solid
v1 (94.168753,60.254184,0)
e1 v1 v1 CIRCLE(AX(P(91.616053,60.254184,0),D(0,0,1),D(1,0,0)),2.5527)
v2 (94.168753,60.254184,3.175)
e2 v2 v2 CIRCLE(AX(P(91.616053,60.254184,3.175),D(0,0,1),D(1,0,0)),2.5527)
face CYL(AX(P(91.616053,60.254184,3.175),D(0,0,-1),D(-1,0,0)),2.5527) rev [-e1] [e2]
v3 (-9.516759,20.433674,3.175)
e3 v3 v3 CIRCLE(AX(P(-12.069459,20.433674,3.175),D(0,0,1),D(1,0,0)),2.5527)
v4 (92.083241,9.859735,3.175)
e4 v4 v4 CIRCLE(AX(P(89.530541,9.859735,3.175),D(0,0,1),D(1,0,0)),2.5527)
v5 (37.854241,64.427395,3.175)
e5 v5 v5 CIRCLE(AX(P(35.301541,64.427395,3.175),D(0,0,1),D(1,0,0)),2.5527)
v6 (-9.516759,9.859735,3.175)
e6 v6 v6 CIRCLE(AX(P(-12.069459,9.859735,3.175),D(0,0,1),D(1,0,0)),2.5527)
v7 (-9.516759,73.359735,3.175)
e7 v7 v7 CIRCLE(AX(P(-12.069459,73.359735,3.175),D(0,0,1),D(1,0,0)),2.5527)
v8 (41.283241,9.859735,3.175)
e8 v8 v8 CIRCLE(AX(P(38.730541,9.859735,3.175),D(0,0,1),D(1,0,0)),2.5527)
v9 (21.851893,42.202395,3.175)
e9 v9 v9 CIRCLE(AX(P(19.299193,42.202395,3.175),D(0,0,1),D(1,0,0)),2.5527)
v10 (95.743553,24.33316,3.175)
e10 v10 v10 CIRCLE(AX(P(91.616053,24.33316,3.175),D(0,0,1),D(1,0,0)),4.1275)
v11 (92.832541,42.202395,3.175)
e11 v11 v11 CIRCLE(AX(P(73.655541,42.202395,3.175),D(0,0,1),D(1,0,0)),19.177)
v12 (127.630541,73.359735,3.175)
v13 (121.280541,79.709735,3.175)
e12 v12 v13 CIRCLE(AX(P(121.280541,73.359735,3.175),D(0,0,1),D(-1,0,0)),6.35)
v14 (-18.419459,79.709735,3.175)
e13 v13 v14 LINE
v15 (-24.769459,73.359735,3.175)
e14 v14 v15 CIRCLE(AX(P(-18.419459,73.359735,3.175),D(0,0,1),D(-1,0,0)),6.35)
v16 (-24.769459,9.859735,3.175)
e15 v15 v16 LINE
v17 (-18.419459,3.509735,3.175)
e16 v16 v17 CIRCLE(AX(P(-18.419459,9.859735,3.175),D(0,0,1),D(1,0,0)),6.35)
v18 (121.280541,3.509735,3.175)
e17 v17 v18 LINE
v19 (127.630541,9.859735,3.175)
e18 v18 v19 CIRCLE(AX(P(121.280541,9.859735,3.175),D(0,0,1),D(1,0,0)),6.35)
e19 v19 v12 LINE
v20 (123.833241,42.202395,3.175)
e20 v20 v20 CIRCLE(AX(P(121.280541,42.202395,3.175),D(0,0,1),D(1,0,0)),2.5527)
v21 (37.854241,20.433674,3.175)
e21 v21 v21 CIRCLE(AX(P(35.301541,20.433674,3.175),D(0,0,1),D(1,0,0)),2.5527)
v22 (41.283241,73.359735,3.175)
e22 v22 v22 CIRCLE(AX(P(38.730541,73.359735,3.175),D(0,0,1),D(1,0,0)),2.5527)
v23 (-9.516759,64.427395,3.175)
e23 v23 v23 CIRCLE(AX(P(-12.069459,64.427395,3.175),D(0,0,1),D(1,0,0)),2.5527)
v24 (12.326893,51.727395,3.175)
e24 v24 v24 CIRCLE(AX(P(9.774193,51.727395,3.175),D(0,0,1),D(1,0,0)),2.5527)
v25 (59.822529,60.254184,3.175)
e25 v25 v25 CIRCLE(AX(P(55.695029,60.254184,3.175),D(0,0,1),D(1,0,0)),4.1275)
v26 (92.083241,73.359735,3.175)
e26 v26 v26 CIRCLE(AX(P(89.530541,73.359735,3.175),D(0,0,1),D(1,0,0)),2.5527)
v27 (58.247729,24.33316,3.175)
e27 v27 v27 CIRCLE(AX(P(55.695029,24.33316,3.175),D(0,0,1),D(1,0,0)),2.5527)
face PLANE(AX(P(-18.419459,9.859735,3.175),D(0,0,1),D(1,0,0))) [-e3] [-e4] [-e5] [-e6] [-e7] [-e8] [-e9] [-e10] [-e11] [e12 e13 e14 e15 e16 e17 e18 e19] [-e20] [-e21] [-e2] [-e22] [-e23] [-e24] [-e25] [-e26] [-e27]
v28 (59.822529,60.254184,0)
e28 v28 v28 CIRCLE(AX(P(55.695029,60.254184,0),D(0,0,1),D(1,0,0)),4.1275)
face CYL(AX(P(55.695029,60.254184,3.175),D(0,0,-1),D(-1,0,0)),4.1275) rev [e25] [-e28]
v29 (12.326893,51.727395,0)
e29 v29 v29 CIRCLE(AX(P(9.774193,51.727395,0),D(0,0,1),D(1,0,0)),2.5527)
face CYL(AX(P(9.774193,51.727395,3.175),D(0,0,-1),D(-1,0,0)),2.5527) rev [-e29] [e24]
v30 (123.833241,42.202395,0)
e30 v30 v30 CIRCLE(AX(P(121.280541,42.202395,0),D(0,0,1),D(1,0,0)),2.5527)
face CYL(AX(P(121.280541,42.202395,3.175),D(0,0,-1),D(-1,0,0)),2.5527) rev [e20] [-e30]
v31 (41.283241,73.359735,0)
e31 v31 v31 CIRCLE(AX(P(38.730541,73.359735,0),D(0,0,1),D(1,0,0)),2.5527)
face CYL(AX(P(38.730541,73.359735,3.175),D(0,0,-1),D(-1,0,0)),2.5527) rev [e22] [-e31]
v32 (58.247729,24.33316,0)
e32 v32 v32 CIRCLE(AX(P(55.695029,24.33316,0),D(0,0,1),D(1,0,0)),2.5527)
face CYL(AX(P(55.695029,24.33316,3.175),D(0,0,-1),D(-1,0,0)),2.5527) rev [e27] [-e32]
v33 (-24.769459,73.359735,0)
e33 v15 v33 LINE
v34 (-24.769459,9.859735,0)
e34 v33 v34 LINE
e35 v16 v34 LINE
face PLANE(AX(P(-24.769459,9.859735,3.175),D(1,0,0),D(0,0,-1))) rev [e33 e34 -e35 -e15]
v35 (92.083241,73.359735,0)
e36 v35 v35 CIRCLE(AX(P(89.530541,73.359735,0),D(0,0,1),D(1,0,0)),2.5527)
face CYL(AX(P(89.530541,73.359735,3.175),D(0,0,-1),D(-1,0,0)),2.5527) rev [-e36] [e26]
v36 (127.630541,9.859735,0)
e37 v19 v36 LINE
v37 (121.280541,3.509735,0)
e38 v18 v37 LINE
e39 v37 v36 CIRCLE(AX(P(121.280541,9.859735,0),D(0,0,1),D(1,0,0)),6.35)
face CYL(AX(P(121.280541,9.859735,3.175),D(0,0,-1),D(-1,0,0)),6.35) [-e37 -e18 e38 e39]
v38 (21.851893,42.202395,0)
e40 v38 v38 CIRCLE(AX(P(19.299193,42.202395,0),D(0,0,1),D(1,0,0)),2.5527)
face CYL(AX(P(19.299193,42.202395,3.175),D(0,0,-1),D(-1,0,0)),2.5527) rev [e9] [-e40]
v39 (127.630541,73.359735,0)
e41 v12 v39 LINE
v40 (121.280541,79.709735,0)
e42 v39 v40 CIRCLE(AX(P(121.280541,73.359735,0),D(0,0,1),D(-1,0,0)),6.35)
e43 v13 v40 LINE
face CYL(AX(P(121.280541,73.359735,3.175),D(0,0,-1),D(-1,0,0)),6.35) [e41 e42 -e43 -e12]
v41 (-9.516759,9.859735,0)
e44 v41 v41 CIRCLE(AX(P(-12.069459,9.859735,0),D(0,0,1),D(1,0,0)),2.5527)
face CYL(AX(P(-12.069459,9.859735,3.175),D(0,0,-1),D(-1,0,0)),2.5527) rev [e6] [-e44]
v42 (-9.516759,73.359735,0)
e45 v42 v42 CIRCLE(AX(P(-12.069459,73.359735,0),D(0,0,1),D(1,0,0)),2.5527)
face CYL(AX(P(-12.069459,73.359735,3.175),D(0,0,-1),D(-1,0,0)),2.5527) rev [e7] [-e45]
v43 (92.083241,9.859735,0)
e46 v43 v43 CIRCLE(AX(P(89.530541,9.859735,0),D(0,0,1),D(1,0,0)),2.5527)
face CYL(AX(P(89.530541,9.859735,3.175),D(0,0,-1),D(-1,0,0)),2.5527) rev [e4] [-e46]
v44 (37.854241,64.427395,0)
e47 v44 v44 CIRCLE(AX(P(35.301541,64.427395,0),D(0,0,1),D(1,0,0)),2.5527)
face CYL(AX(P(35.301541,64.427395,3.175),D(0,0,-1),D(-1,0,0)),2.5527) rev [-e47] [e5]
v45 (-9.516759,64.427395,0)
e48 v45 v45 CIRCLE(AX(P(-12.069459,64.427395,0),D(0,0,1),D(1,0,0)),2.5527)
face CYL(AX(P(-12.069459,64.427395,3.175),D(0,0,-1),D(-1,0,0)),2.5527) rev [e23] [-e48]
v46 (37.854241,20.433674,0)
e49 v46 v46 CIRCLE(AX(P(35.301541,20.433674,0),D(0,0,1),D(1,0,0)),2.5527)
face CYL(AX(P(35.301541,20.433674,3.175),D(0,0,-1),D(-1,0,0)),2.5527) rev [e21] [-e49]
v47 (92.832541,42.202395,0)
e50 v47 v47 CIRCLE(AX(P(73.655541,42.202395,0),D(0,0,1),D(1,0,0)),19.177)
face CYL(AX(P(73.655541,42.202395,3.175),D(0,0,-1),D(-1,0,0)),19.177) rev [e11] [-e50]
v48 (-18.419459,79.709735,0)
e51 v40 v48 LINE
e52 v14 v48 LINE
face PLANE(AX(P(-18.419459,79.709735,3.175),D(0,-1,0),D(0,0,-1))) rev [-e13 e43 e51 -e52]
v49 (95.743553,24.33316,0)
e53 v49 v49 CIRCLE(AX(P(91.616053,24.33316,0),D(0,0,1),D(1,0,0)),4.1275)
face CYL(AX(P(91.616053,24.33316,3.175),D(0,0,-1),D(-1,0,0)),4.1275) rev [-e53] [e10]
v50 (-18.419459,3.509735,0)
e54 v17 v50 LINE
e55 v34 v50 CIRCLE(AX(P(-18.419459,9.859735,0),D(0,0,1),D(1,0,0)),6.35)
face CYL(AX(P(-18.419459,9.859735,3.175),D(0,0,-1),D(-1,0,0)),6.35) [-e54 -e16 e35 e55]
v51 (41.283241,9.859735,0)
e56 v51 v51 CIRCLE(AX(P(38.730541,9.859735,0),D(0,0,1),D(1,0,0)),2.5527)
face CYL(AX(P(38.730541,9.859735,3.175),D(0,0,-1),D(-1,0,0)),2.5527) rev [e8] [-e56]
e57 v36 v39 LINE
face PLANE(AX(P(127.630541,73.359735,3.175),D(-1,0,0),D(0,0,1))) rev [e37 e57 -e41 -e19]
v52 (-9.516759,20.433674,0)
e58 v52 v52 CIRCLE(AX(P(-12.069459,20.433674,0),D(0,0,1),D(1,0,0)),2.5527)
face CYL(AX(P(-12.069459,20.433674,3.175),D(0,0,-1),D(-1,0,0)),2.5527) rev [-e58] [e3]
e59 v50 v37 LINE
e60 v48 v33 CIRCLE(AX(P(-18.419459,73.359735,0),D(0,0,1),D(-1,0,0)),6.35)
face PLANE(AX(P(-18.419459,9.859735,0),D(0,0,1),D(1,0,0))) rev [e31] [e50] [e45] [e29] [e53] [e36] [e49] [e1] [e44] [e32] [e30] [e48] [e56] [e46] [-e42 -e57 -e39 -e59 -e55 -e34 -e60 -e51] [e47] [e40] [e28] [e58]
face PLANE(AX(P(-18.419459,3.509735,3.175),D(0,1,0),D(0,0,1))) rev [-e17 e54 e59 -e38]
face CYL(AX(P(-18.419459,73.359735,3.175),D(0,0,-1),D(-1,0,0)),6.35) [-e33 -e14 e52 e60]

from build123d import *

# Parameters (mm, degrees)
SKETCH1_R           = 2.5527
SKETCH1_R_2         = 4.1275
SKETCH1_R_3         = 19.177
BOSS_EXTRUDE1_DEPTH = 3.175


with BuildPart() as part:
    # Sketch1 → Boss-Extrude1 (new body)
    with BuildSketch(Plane.XY):
        with BuildLine():
            Line((-24.769458796, 9.859734844), (-24.769458796, 73.359734844))
            ThreePointArc((-24.769458796, 73.359734844), (-22.909586857, 77.849862904), (-18.419458796, 79.709734844))
            Line((-18.419458796, 79.709734844), (121.280541204, 79.709734844))
            ThreePointArc((121.280541204, 79.709734844), (125.770669264, 77.849862904), (127.630541204, 73.359734844))
            Line((127.630541204, 73.359734844), (127.630541204, 9.859734844))
            ThreePointArc((127.630541204, 9.859734844), (125.770669264, 5.369606783), (121.280541204, 3.509734844))
            Line((121.280541204, 3.509734844), (-18.419458796, 3.509734844))
            ThreePointArc((-18.419458796, 3.509734844), (-22.909586857, 5.369606783), (-24.769458796, 9.859734844))
        make_face()
        with Locations((89.530541204, 9.859734844)):
            Circle(SKETCH1_R, mode=Mode.SUBTRACT)
        with Locations((89.530541204, 73.359734844)):
            Circle(SKETCH1_R, mode=Mode.SUBTRACT)
        with Locations((-12.069458796, 73.359734844)):
            Circle(SKETCH1_R, mode=Mode.SUBTRACT)
        with Locations((-12.069458796, 64.427395008)):
            Circle(SKETCH1_R, mode=Mode.SUBTRACT)
        with Locations((38.730541204, 73.359734844)):
            Circle(SKETCH1_R, mode=Mode.SUBTRACT)
        with Locations((35.301541204, 64.427395008)):
            Circle(SKETCH1_R, mode=Mode.SUBTRACT)
        with Locations((9.774192889, 51.727395008)):
            Circle(SKETCH1_R, mode=Mode.SUBTRACT)
        with Locations((19.299192889, 42.202395008)):
            Circle(SKETCH1_R, mode=Mode.SUBTRACT)
        with Locations((-12.069458796, 20.433674276)):
            Circle(SKETCH1_R, mode=Mode.SUBTRACT)
        with Locations((35.301541204, 20.433674276)):
            Circle(SKETCH1_R, mode=Mode.SUBTRACT)
        with Locations((38.730541204, 9.859734844)):
            Circle(SKETCH1_R, mode=Mode.SUBTRACT)
        with Locations((55.695028962, 24.33315969)):
            Circle(SKETCH1_R, mode=Mode.SUBTRACT)
        with Locations((55.695028962, 60.254184174)):
            Circle(SKETCH1_R_2, mode=Mode.SUBTRACT)
        with Locations((91.616053446, 60.254184174)):
            Circle(SKETCH1_R, mode=Mode.SUBTRACT)
        with Locations((91.616053446, 24.33315969)):
            Circle(SKETCH1_R_2, mode=Mode.SUBTRACT)
        with Locations((73.655541204, 42.202395008)):
            Circle(SKETCH1_R_3, mode=Mode.SUBTRACT)
        with Locations((-12.069458796, 9.859734844)):
            Circle(SKETCH1_R, mode=Mode.SUBTRACT)
        with Locations((121.280541204, 42.202395008)):
            Circle(SKETCH1_R, mode=Mode.SUBTRACT)
    extrude(amount=BOSS_EXTRUDE1_DEPTH)


solid = part.part
